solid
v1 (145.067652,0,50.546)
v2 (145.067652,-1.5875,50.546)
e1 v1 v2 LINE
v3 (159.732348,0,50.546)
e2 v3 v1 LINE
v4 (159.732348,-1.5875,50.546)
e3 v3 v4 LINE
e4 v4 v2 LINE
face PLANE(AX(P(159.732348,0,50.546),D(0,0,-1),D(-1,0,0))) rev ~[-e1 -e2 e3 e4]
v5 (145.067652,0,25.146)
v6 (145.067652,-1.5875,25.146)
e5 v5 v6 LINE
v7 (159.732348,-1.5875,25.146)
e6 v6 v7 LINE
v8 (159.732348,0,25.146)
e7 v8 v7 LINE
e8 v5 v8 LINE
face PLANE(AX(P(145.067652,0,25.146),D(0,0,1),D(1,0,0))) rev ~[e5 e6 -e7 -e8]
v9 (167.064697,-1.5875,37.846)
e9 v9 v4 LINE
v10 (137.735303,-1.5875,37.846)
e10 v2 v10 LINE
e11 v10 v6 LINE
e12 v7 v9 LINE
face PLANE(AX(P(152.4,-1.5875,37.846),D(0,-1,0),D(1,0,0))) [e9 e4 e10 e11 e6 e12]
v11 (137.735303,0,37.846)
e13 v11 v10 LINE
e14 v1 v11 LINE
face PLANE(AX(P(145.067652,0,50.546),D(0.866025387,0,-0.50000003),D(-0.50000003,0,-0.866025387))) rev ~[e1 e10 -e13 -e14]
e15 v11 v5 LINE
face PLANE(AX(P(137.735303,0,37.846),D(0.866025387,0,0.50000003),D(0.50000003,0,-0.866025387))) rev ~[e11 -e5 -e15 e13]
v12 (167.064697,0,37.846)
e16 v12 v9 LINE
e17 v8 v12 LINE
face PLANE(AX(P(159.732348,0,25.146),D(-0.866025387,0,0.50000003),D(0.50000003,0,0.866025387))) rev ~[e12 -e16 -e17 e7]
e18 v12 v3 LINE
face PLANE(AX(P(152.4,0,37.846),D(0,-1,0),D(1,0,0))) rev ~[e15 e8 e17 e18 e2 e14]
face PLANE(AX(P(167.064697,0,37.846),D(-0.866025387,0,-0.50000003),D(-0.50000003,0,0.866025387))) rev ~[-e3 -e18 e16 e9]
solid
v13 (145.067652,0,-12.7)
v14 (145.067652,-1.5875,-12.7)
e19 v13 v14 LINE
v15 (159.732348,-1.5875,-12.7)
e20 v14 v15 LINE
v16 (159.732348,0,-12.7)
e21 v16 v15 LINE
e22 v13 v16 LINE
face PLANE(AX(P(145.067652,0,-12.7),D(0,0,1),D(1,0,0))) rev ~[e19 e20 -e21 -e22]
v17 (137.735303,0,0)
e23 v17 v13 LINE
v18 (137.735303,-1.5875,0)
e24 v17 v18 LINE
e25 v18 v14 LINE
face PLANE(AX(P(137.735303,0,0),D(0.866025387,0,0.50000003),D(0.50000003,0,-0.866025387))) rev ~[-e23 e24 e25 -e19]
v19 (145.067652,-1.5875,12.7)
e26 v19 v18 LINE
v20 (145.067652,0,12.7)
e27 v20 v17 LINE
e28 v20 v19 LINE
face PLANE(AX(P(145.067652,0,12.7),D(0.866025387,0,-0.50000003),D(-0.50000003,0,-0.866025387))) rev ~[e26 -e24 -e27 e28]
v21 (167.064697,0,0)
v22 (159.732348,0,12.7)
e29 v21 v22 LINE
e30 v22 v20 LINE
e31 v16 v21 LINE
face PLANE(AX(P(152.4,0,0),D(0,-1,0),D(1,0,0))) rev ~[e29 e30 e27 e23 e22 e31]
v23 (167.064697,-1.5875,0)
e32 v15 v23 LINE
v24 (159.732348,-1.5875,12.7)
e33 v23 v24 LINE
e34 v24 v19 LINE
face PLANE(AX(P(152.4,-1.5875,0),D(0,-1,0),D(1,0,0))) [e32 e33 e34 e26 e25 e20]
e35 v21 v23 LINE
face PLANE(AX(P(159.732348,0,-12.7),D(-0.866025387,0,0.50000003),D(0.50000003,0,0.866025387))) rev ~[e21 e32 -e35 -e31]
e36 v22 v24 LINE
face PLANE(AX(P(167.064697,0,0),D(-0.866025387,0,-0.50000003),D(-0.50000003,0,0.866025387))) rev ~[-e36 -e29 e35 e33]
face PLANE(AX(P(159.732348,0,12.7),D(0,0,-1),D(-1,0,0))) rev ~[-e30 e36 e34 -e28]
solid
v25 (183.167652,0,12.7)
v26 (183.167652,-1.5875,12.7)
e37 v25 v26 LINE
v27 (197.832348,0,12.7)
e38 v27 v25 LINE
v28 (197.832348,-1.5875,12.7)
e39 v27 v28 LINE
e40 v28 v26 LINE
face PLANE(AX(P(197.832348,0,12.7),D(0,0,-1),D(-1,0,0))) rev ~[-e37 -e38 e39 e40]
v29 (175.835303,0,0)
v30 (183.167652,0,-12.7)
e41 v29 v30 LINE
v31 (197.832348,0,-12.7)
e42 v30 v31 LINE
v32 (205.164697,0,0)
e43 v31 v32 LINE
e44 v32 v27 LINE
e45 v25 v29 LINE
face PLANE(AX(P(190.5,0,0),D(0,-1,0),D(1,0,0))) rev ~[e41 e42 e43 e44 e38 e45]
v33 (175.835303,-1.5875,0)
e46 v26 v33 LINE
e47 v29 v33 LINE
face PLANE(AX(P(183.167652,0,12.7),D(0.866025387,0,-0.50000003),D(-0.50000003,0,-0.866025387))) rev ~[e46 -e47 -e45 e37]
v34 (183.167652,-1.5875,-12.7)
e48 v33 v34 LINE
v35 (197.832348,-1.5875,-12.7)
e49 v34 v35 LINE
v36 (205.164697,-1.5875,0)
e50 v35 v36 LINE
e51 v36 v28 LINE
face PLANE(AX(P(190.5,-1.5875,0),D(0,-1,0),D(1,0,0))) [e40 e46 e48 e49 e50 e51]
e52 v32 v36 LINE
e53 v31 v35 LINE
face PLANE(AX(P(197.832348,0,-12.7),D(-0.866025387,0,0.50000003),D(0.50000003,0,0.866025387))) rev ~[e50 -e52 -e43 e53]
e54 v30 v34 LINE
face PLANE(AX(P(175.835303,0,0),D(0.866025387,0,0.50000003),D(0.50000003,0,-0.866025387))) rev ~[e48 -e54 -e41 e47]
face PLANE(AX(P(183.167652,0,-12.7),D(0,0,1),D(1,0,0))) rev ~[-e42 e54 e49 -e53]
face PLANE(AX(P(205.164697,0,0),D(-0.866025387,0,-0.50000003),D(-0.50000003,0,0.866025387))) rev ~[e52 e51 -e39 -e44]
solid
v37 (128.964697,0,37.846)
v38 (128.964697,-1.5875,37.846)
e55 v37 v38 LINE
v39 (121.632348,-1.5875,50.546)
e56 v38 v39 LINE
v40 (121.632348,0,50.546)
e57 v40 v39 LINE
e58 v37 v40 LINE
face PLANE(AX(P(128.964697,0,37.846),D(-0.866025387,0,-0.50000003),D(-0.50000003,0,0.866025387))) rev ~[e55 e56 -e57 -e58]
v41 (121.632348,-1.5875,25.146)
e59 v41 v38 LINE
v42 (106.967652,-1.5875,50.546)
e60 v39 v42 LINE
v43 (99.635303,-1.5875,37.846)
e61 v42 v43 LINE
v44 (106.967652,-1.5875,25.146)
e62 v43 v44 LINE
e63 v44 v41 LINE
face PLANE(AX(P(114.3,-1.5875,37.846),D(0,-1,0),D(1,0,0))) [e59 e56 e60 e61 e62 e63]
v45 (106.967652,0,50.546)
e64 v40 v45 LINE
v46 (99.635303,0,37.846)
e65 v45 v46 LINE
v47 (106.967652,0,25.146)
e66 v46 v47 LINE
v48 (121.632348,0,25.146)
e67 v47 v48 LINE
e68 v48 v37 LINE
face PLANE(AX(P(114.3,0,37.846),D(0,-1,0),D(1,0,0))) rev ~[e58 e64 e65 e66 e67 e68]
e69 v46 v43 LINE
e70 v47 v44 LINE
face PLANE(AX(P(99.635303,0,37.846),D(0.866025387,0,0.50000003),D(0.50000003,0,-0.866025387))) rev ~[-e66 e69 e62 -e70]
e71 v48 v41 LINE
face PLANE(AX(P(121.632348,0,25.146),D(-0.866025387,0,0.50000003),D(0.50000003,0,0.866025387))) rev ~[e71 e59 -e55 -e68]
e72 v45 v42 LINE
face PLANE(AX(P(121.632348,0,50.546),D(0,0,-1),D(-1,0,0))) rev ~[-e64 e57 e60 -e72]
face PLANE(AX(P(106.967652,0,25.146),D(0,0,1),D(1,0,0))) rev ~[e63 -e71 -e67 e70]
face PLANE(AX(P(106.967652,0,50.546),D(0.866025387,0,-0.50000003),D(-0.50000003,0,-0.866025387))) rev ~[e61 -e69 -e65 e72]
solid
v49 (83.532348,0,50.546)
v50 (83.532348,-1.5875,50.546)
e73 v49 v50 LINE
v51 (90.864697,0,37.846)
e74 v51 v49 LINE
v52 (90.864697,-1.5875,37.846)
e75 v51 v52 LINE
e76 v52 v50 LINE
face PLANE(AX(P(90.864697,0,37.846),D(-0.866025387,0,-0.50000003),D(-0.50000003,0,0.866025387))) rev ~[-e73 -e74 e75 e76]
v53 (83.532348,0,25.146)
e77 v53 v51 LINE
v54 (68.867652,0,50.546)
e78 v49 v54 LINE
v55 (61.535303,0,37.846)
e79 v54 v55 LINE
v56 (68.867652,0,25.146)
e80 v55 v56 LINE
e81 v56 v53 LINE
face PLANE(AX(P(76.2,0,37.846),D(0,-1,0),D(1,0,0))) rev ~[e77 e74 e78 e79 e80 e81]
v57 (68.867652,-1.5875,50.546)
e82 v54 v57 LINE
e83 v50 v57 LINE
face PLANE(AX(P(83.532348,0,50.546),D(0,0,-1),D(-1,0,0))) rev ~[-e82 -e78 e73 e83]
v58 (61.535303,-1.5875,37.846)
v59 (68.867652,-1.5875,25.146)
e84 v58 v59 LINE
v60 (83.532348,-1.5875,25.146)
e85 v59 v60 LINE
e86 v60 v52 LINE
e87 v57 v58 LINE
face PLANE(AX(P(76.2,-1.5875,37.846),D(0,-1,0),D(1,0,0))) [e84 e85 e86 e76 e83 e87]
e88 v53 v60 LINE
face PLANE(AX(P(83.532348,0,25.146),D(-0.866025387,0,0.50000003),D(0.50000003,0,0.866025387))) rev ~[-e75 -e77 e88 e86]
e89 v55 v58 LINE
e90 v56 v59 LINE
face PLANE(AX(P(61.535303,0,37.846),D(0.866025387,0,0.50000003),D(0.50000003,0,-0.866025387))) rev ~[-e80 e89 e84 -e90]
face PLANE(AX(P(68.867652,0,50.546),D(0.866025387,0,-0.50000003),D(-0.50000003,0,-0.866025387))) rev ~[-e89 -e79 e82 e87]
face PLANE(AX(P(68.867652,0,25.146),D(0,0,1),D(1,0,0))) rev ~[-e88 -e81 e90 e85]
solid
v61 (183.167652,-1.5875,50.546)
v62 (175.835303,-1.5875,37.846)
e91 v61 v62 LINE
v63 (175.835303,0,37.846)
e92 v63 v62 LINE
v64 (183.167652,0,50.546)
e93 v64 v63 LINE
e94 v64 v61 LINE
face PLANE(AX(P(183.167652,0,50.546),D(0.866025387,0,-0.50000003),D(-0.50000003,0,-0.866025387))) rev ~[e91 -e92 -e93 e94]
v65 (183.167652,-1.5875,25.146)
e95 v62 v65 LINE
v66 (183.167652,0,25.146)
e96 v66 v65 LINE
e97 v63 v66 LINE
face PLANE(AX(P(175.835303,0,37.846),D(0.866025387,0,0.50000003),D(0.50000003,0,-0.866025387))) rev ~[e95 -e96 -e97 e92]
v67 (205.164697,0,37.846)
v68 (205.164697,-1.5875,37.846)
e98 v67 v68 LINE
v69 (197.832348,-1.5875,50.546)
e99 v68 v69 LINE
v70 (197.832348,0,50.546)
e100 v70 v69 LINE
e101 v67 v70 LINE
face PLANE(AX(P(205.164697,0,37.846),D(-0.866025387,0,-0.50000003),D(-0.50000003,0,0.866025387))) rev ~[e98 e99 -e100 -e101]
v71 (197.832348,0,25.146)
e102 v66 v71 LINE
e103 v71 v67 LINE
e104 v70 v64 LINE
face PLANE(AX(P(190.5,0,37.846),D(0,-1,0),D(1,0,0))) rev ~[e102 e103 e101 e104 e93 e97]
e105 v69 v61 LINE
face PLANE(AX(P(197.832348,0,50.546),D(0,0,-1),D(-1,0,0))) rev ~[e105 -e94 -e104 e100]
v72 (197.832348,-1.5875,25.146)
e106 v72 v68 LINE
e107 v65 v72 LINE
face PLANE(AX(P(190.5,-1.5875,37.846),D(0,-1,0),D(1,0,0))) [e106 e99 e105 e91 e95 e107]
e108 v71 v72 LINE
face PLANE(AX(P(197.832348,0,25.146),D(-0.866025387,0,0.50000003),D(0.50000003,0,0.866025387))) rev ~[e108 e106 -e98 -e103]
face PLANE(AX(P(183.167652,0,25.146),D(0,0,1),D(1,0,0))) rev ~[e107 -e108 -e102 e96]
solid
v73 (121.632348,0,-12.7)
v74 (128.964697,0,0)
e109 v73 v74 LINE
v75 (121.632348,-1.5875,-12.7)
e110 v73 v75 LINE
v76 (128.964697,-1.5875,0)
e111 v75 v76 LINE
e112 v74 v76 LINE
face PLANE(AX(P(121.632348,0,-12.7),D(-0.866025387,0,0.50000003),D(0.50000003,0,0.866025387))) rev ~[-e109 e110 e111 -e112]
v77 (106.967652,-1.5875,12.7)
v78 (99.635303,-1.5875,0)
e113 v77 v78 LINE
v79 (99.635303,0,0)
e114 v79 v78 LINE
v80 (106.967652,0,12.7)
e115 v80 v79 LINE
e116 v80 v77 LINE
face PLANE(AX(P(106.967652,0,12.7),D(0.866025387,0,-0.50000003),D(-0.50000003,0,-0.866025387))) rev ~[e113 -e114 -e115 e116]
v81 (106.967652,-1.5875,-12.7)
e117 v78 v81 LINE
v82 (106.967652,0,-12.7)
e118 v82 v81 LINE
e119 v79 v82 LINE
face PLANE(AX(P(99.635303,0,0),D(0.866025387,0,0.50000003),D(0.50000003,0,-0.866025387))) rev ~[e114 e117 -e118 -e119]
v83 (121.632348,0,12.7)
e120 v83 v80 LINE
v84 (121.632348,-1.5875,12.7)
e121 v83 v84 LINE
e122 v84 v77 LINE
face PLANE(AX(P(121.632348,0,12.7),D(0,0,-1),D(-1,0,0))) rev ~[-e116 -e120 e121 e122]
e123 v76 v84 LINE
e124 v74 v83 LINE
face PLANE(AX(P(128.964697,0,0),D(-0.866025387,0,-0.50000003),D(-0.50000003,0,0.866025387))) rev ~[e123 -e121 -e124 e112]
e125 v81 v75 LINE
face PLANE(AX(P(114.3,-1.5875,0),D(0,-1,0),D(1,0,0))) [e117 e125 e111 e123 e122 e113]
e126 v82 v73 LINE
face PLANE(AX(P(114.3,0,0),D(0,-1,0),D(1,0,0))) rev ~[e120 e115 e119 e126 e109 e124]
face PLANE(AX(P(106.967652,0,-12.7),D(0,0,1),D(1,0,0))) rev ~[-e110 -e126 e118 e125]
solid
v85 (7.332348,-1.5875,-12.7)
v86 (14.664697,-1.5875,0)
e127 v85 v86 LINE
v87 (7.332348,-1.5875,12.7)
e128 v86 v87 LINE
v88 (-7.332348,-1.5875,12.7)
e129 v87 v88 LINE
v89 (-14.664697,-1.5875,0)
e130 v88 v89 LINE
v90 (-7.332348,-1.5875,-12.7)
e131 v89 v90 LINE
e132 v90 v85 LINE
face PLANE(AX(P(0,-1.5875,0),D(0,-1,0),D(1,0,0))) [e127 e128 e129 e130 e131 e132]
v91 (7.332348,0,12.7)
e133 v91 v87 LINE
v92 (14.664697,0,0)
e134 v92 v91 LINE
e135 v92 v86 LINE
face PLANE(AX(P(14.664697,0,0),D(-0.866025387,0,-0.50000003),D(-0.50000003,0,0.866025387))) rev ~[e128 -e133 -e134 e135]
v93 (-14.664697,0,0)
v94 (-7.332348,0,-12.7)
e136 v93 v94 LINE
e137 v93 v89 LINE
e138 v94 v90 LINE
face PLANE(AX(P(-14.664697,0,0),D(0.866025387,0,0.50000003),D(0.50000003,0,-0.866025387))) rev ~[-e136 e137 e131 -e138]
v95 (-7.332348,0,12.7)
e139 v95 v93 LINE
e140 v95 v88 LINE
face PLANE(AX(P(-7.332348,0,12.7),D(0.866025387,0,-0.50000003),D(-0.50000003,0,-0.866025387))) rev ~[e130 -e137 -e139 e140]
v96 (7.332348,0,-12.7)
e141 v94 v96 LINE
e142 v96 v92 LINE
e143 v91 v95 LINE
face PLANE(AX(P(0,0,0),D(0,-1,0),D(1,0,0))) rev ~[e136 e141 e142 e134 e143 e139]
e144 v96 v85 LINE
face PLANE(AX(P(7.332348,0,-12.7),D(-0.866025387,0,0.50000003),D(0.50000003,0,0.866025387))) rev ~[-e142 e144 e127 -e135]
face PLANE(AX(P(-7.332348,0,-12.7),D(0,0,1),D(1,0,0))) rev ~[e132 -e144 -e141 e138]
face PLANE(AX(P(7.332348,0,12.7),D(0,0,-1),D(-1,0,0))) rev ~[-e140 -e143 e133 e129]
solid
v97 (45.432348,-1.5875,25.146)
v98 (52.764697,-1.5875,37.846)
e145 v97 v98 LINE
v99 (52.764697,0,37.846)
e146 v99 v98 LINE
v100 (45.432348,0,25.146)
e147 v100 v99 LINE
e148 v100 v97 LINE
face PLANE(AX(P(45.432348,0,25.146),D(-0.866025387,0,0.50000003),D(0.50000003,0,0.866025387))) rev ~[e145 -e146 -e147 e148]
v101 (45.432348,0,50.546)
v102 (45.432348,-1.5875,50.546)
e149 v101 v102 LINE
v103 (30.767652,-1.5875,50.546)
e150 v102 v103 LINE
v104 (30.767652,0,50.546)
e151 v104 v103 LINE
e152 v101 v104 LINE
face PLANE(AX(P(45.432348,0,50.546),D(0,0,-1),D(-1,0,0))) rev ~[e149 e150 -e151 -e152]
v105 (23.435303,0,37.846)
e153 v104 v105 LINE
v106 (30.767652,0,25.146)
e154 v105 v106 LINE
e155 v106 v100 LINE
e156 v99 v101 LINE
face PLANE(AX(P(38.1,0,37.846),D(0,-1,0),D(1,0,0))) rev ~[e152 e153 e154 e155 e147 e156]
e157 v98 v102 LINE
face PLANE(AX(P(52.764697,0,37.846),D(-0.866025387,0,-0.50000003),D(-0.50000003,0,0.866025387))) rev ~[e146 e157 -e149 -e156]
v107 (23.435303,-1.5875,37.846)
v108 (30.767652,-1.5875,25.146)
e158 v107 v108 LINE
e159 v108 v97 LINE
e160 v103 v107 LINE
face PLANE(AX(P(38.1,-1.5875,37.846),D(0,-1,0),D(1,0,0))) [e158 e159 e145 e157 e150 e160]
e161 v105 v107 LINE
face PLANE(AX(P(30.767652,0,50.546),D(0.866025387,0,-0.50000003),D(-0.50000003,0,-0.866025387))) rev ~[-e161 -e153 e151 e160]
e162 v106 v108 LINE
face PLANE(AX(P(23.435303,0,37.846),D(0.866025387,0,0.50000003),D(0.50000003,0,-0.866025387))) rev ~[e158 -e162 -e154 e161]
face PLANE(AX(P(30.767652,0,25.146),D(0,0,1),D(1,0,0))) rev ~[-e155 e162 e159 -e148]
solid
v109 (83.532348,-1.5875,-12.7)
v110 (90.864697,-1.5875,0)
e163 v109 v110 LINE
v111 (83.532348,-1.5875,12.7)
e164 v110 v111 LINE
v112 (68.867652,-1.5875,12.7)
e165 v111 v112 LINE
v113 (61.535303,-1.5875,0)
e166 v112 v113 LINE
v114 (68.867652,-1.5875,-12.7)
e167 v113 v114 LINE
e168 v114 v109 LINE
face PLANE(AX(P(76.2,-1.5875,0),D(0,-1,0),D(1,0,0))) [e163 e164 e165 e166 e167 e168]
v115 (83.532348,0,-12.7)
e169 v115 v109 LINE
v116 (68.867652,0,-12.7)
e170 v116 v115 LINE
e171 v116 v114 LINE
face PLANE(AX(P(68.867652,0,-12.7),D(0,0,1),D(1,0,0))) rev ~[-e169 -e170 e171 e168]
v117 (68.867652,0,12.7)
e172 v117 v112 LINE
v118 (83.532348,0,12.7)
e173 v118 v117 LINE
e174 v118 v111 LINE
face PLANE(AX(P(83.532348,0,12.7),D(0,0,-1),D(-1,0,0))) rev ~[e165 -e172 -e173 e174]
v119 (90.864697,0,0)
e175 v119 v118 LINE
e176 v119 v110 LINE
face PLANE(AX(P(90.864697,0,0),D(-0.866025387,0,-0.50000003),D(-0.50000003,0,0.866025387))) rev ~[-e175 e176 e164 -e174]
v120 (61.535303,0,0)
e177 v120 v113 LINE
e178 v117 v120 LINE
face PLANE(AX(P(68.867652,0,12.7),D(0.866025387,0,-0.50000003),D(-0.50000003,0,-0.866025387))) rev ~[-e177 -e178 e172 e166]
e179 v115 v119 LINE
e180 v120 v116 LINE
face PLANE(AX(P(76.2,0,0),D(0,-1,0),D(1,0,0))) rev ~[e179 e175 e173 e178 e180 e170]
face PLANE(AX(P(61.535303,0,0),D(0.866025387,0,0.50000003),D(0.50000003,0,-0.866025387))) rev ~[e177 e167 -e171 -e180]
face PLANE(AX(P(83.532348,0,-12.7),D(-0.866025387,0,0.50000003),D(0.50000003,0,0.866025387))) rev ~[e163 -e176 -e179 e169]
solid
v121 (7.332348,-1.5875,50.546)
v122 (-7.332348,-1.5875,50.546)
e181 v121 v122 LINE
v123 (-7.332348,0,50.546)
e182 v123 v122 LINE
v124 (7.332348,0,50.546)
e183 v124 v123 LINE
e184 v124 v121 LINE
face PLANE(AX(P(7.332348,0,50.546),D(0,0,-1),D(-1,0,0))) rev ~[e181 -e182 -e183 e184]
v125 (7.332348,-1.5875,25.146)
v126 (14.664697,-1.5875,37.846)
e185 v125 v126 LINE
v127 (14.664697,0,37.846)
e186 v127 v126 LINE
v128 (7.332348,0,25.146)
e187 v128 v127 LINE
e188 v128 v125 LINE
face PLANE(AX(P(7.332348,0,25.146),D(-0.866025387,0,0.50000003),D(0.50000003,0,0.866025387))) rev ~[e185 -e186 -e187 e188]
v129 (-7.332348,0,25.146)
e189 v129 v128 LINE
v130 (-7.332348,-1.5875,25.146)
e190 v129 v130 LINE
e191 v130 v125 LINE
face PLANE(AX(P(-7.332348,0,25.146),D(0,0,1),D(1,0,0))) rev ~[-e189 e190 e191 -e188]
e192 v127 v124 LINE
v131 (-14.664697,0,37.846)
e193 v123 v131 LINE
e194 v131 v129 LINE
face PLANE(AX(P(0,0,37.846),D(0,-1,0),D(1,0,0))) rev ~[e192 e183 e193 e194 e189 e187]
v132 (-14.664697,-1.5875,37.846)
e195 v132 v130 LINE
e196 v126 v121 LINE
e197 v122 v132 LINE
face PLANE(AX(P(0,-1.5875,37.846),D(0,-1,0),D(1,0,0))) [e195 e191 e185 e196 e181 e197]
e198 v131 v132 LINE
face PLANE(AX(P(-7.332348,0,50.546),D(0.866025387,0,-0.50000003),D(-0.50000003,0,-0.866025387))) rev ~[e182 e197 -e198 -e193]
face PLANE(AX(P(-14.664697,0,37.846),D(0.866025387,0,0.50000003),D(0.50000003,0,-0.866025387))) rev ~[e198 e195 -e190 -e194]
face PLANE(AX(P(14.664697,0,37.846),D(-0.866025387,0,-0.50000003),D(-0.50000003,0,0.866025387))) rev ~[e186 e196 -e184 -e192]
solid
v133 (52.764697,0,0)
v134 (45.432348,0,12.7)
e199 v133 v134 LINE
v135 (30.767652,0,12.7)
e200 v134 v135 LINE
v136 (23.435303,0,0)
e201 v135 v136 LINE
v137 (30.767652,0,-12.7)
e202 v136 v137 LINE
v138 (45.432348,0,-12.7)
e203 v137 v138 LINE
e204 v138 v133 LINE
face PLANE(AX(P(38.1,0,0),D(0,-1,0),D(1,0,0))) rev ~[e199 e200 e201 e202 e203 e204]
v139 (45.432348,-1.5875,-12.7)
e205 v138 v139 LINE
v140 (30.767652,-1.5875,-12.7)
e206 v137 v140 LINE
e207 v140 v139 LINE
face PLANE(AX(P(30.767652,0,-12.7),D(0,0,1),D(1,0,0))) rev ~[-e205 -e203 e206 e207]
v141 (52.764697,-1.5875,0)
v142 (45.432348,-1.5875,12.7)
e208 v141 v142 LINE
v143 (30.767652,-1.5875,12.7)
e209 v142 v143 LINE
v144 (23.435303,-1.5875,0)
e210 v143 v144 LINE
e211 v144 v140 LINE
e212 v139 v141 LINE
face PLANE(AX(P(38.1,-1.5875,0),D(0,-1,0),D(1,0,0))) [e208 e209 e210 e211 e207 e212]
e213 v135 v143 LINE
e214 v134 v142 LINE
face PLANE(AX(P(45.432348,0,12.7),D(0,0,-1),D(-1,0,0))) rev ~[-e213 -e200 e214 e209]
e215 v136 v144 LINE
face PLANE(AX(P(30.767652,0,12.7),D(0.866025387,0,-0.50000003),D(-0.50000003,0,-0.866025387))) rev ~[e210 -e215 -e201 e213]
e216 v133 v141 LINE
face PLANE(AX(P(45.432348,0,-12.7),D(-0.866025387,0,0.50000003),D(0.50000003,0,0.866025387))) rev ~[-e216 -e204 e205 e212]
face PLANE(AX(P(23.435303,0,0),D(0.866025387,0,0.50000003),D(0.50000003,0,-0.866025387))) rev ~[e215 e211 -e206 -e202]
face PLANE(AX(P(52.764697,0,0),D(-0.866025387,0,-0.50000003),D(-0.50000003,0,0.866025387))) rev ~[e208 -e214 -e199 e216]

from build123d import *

# Parameters (mm, degrees)
F1_DEPTH = 1.5875


with BuildPart() as f1:
    # F0 (on Front) → F1 (new body)
    with BuildSketch(Plane.XZ):
        Polygon((7.332348, 12.7), (-7.332348, 12.7), (-14.664697, 0), (-7.332348, -12.7), (7.332348, -12.7), (14.664697, 0), align=None)
        Polygon((30.767652, -12.7), (45.432348, -12.7), (52.764697, 0), (45.432348, 12.7), (30.767652, 12.7), (23.435303, 0), align=None)
        Polygon((68.867652, -12.7), (83.532348, -12.7), (90.864697, 0), (83.532348, 12.7), (68.867652, 12.7), (61.535303, 0), align=None)
        Polygon((106.967652, -12.7), (121.632348, -12.7), (128.964697, 0), (121.632348, 12.7), (106.967652, 12.7), (99.635303, 0), align=None)
        Polygon((145.067652, -12.7), (159.732348, -12.7), (167.064697, 0), (159.732348, 12.7), (145.067652, 12.7), (137.735303, 0), align=None)
        Polygon((183.167652, -12.7), (197.832348, -12.7), (205.164697, 0), (197.832348, 12.7), (183.167652, 12.7), (175.835303, 0), align=None)
        Polygon((183.167652, 50.546), (175.835303, 37.846), (183.167652, 25.146), (197.832348, 25.146), (205.164697, 37.846), (197.832348, 50.546), align=None)
        Polygon((167.064697, 37.846), (159.732348, 50.546), (145.067652, 50.546), (137.735303, 37.846), (145.067652, 25.146), (159.732348, 25.146), align=None)
        Polygon((106.967652, 50.546), (99.635303, 37.846), (106.967652, 25.146), (121.632348, 25.146), (128.964697, 37.846), (121.632348, 50.546), align=None)
        Polygon((90.864697, 37.846), (83.532348, 50.546), (68.867652, 50.546), (61.535303, 37.846), (68.867652, 25.146), (83.532348, 25.146), align=None)
        Polygon((30.767652, 25.146), (45.432348, 25.146), (52.764697, 37.846), (45.432348, 50.546), (30.767652, 50.546), (23.435303, 37.846), align=None)
        Polygon((-14.664697, 37.846), (-7.332348, 25.146), (7.332348, 25.146), (14.664697, 37.846), (7.332348, 50.546), (-7.332348, 50.546), align=None)
    extrude(amount=F1_DEPTH)


solid = f1.part
